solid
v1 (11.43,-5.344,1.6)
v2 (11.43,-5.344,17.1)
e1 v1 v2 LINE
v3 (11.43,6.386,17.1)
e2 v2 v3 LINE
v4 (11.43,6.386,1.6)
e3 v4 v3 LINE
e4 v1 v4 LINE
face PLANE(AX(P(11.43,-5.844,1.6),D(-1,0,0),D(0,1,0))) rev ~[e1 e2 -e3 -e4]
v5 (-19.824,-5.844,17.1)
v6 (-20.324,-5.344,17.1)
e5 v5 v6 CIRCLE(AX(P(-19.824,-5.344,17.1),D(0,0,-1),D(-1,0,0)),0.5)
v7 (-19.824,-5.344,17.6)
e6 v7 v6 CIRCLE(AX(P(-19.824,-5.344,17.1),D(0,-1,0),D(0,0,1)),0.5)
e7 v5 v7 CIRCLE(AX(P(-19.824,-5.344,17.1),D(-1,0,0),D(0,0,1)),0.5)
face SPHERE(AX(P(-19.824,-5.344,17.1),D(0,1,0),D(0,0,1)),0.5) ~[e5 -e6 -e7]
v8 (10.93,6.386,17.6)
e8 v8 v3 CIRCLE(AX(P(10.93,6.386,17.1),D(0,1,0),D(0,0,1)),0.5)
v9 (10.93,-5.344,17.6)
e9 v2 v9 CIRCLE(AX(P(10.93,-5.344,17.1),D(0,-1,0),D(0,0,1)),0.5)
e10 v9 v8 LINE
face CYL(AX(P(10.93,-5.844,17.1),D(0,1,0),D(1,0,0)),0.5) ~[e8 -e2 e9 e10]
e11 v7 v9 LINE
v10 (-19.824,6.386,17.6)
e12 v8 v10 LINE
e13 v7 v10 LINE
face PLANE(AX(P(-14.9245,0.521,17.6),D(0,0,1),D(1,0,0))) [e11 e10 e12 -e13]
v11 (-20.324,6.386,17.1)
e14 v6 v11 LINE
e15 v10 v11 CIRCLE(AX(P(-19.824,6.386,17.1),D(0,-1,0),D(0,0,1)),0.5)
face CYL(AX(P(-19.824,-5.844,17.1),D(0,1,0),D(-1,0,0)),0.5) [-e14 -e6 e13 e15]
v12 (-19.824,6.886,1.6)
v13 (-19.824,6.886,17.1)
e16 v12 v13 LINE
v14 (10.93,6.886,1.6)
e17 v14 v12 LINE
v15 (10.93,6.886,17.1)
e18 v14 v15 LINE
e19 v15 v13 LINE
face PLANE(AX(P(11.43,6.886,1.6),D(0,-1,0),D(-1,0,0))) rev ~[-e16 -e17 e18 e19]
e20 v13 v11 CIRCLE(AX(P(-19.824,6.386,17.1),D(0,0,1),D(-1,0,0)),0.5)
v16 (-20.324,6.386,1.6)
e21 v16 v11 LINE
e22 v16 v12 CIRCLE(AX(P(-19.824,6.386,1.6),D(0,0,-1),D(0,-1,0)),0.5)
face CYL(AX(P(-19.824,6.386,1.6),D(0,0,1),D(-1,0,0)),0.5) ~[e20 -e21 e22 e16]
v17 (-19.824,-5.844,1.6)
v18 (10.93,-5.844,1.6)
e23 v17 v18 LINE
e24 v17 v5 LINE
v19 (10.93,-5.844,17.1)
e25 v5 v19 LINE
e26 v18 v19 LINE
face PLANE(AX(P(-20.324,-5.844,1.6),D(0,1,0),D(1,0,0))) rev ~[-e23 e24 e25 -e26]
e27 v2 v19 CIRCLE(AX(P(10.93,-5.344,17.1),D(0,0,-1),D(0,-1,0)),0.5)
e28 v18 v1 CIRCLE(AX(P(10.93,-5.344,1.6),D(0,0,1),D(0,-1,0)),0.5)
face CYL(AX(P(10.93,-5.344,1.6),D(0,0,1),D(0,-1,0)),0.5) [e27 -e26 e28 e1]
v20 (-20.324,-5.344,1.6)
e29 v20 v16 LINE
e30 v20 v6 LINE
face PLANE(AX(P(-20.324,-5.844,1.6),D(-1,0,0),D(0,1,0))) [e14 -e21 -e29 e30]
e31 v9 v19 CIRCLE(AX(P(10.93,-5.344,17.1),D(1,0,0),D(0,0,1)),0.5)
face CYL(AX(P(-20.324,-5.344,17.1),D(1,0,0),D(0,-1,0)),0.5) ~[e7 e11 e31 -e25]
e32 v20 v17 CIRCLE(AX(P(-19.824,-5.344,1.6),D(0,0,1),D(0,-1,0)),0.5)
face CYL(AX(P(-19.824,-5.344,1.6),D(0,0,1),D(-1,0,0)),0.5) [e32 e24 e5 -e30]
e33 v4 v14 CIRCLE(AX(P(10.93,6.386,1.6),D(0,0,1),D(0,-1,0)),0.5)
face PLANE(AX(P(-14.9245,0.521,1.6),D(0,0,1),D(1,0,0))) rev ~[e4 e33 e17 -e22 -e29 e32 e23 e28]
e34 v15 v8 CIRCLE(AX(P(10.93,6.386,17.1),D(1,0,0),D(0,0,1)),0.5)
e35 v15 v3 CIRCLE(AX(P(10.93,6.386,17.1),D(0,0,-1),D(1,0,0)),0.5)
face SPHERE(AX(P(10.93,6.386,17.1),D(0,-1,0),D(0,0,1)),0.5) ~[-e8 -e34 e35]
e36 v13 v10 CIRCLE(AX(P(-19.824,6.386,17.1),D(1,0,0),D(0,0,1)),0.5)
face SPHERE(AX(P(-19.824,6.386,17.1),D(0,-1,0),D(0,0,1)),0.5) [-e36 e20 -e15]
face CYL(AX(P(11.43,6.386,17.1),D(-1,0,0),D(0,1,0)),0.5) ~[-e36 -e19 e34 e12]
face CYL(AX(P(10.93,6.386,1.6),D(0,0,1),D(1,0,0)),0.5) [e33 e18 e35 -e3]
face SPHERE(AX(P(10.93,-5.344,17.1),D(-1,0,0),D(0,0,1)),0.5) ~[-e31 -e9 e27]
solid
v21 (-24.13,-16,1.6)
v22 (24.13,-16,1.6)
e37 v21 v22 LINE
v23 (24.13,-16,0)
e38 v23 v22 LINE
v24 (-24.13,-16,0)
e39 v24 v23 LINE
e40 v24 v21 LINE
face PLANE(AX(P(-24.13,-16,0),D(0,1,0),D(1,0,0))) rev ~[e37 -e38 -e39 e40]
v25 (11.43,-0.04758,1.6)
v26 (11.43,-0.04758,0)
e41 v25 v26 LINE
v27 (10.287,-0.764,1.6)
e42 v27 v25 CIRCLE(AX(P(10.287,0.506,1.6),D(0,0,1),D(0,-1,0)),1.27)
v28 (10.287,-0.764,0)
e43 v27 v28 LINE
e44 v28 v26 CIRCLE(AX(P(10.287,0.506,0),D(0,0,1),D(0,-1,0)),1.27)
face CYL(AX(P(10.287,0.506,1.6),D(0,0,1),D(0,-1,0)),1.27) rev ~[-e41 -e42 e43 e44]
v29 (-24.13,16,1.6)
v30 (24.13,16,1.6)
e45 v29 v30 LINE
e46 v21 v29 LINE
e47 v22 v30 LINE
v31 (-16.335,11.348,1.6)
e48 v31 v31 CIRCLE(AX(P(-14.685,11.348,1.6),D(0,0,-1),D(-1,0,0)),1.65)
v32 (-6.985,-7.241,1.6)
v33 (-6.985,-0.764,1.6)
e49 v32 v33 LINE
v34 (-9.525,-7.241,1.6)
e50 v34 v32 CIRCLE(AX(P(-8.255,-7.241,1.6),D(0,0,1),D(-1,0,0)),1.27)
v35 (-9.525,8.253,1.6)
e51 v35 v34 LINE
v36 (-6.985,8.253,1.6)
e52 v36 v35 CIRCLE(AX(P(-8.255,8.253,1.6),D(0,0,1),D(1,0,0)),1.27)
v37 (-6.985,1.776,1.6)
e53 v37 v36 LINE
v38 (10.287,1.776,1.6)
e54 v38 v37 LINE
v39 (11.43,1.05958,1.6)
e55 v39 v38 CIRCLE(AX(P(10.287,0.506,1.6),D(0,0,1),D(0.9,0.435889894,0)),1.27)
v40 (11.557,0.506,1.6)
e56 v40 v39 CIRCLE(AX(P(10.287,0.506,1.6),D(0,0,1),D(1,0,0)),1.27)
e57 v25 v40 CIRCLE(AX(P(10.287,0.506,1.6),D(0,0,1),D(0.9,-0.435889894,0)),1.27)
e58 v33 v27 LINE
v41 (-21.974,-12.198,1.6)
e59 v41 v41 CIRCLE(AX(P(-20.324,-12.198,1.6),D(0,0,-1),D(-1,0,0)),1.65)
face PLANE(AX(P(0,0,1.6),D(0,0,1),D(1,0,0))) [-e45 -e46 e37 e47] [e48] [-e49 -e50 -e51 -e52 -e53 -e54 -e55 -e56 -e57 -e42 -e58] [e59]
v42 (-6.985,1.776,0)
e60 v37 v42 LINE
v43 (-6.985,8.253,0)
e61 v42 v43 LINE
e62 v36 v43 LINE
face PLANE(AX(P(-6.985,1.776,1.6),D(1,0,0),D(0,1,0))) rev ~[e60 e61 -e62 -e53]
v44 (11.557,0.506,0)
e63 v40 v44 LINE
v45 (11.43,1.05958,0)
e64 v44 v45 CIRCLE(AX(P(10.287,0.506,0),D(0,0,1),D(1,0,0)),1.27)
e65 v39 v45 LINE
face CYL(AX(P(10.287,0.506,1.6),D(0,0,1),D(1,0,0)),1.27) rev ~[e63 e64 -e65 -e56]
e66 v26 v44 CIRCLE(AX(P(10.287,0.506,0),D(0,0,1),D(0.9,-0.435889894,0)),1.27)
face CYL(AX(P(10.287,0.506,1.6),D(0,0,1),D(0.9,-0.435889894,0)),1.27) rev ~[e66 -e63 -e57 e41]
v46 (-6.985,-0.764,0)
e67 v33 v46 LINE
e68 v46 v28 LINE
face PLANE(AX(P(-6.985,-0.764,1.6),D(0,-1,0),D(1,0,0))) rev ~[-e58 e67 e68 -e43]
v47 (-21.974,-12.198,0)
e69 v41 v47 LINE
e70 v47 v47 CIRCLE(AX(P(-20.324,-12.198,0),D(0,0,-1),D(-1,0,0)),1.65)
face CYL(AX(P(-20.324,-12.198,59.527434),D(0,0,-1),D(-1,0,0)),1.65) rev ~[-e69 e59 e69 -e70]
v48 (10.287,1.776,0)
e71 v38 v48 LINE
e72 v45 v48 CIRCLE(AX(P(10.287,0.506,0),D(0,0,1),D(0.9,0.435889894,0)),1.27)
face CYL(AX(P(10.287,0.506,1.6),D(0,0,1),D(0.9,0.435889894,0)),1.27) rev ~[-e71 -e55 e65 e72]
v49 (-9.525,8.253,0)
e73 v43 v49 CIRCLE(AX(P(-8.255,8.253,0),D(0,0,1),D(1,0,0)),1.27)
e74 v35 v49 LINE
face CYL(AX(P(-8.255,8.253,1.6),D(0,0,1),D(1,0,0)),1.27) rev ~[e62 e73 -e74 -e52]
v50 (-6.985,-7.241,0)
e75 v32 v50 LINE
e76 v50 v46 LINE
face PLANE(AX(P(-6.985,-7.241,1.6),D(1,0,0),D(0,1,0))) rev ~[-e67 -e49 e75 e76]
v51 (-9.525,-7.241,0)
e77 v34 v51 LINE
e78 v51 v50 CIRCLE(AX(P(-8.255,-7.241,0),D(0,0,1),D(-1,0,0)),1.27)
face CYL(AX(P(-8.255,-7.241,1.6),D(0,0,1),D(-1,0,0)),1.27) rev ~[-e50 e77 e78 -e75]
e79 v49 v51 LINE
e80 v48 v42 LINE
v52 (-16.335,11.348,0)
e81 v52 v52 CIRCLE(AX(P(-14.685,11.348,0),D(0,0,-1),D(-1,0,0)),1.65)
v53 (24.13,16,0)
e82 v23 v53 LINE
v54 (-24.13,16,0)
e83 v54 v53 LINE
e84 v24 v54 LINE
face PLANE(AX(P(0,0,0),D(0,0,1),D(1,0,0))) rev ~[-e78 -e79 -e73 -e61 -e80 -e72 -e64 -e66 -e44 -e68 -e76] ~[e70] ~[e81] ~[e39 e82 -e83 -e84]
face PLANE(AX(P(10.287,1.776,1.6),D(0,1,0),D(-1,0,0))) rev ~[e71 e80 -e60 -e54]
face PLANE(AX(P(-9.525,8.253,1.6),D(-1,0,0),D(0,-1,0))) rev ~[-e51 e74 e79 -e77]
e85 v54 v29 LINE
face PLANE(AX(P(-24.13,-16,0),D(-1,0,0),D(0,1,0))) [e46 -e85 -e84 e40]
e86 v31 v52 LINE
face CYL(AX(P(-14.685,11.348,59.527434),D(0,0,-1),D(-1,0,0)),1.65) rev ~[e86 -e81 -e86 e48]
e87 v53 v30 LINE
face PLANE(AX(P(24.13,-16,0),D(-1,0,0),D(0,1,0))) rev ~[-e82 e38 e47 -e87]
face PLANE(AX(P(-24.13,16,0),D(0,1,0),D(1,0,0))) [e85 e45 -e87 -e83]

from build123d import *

# Parameters (mm, degrees)
F0_W     = 48.26
F0_H     = 32
F1_DEPTH = 1.6
F2_W     = 1.27
F2_H     = 12.73
F3_DEPTH = 1.601
F2_W_2   = 10.799
F4_DEPTH = 16
F5_R     = 0.5
F6_D     = 3.3


with BuildPart() as f1:
    # F0 (on Top) → F1 (new body)
    with BuildSketch(Plane.XY):
        Rectangle(F0_W, F0_H)
    extrude(amount=F1_DEPTH)

    # F2 (on face) → F3 (cut, through all)
    with BuildSketch(Plane.XY.offset(1.6)):
        with Locations((-8.89, 0.521)):
            Rectangle(F2_W, F2_H)
        with BuildLine():
            Line((-9.525, 8.253), (-9.525, 6.886))
            Line((-9.525, 6.886), (-8.255, 6.886))
            Line((-8.255, 6.886), (-8.255, 6.983))
            ThreePointArc((-8.255, 6.983), (-9.1530256121, 7.3549743879), (-9.525, 8.253))
        make_face()
        with BuildLine():
            ThreePointArc((-6.985, 8.253), (-8.255, 9.523), (-9.525, 8.253))
            ThreePointArc((-9.525, 8.253), (-9.1530256121, 7.3549743879), (-8.255, 6.983))
            ThreePointArc((-8.255, 6.983), (-7.3569743879, 7.3549743879), (-6.985, 8.253))
        make_face()
        with BuildLine():
            Line((-8.255, 6.983), (-8.255, 6.886))
            Line((-8.255, 6.886), (-6.985, 6.886))
            Line((-6.985, 6.886), (-6.985, 8.253))
            ThreePointArc((-6.985, 8.253), (-7.3569743879, 7.3549743879), (-8.255, 6.983))
        make_face()
        with BuildLine():
            Line((-6.985, 6.886), (-8.255, 6.886))
            Line((-8.255, 6.886), (-8.255, -5.844))
            Line((-8.255, -5.844), (-6.985, -5.844))
            Line((-6.985, -5.844), (-6.985, -0.764))
            Line((-6.985, -0.764), (10.287, -0.764))
            ThreePointArc((10.287, -0.764), (9.017, 0.506), (10.287, 1.776))
            Line((10.287, 1.776), (-6.985, 1.776))
            Line((-6.985, 1.776), (-6.985, 6.886))
        make_face()
        with BuildLine():
            Line((-6.985, -5.844), (-8.255, -5.844))
            Line((-8.255, -5.844), (-8.255, -5.971))
            ThreePointArc((-8.255, -5.971), (-7.3569743879, -6.3429743879), (-6.985, -7.241))
            Line((-6.985, -7.241), (-6.985, -5.844))
        make_face()
        with BuildLine():
            Line((-8.255, -5.844), (-9.525, -5.844))
            Line((-9.525, -5.844), (-9.525, -7.241))
            ThreePointArc((-9.525, -7.241), (-9.1530256121, -6.3429743879), (-8.255, -5.971))
            Line((-8.255, -5.971), (-8.255, -5.844))
        make_face()
        with BuildLine():
            ThreePointArc((-8.255, -5.971), (-9.1530256121, -6.3429743879), (-9.525, -7.241))
            ThreePointArc((-9.525, -7.241), (-8.255, -8.511), (-6.985, -7.241))
            ThreePointArc((-6.985, -7.241), (-7.3569743879, -6.3429743879), (-8.255, -5.971))
        make_face()
        with BuildLine():
            Line((11.43, -0.0475801658), (11.43, 1.0595801658))
            ThreePointArc((11.43, 1.0595801658), (10.9614824643, 1.5820917272), (10.287, 1.776))
            ThreePointArc((10.287, 1.776), (9.017, 0.506), (10.287, -0.764))
            ThreePointArc((10.287, -0.764), (10.9614824643, -0.5700917272), (11.43, -0.0475801658))
        make_face()
        with BuildLine():
            ThreePointArc((11.557, 0.506), (11.5248428818, 0.7899806331), (11.43, 1.0595801658))
            Line((11.43, 1.0595801658), (11.43, -0.0475801658))
            ThreePointArc((11.43, -0.0475801658), (11.5248428818, 0.2220193669), (11.557, 0.506))
        make_face()
    extrude(amount=-F3_DEPTH, mode=Mode.SUBTRACT)

    # F6 (through all)
    with Locations(Plane.XY.offset(1.6)):
        with Locations((-14.685, 11.348), (-20.324, -12.198)):
            Hole(F6_D / 2)


with BuildPart() as f4:
    # F2 (on face) → F4 (new body)
    with BuildSketch(Plane.XY.offset(1.6)):
        with Locations((-14.9245, 0.521)):
            Rectangle(F2_W_2, F2_H)
        with Locations((-8.89, 0.521)):
            Rectangle(F2_W, F2_H)
        with BuildLine():
            Line((-6.985, 6.886), (-8.255, 6.886))
            Line((-8.255, 6.886), (-8.255, -5.844))
            Line((-8.255, -5.844), (-6.985, -5.844))
            Line((-6.985, -5.844), (-6.985, -0.764))
            Line((-6.985, -0.764), (10.287, -0.764))
            ThreePointArc((10.287, -0.764), (9.017, 0.506), (10.287, 1.776))
            Line((10.287, 1.776), (-6.985, 1.776))
            Line((-6.985, 1.776), (-6.985, 6.886))
        make_face()
        with BuildLine():
            Line((11.43, 6.886), (-6.985, 6.886))
            Line((-6.985, 6.886), (-6.985, 1.776))
            Line((-6.985, 1.776), (10.287, 1.776))
            ThreePointArc((10.287, 1.776), (10.9614824643, 1.5820917272), (11.43, 1.0595801658))
            Line((11.43, 1.0595801658), (11.43, 6.886))
        make_face()
        with BuildLine():
            Line((11.43, -0.0475801658), (11.43, 1.0595801658))
            ThreePointArc((11.43, 1.0595801658), (10.9614824643, 1.5820917272), (10.287, 1.776))
            ThreePointArc((10.287, 1.776), (9.017, 0.506), (10.287, -0.764))
            ThreePointArc((10.287, -0.764), (10.9614824643, -0.5700917272), (11.43, -0.0475801658))
        make_face()
        with BuildLine():
            Line((-6.985, -0.764), (-6.985, -5.844))
            Line((-6.985, -5.844), (11.43, -5.844))
            Line((11.43, -5.844), (11.43, -0.0475801658))
            ThreePointArc((11.43, -0.0475801658), (10.9614824643, -0.5700917272), (10.287, -0.764))
            Line((10.287, -0.764), (-6.985, -0.764))
        make_face()
    extrude(amount=F4_DEPTH)

    # F5
    f5_edges = [f4.edges().sort_by_distance(p)[0] for p in [
        (-20.324, 0.521, 17.6),
        (-4.447, -5.844, 17.6),
        (11.43, 0.521, 17.6),
        (-4.447, 6.886, 17.6),
        (-20.324, -5.844, 9.6),
        (11.43, -5.844, 9.6),
        (11.43, 6.886, 9.6),
        (-20.324, 6.886, 9.6),
    ]]
    fillet(f5_edges, radius=F5_R)


solid = Compound([f1.part, f4.part])
